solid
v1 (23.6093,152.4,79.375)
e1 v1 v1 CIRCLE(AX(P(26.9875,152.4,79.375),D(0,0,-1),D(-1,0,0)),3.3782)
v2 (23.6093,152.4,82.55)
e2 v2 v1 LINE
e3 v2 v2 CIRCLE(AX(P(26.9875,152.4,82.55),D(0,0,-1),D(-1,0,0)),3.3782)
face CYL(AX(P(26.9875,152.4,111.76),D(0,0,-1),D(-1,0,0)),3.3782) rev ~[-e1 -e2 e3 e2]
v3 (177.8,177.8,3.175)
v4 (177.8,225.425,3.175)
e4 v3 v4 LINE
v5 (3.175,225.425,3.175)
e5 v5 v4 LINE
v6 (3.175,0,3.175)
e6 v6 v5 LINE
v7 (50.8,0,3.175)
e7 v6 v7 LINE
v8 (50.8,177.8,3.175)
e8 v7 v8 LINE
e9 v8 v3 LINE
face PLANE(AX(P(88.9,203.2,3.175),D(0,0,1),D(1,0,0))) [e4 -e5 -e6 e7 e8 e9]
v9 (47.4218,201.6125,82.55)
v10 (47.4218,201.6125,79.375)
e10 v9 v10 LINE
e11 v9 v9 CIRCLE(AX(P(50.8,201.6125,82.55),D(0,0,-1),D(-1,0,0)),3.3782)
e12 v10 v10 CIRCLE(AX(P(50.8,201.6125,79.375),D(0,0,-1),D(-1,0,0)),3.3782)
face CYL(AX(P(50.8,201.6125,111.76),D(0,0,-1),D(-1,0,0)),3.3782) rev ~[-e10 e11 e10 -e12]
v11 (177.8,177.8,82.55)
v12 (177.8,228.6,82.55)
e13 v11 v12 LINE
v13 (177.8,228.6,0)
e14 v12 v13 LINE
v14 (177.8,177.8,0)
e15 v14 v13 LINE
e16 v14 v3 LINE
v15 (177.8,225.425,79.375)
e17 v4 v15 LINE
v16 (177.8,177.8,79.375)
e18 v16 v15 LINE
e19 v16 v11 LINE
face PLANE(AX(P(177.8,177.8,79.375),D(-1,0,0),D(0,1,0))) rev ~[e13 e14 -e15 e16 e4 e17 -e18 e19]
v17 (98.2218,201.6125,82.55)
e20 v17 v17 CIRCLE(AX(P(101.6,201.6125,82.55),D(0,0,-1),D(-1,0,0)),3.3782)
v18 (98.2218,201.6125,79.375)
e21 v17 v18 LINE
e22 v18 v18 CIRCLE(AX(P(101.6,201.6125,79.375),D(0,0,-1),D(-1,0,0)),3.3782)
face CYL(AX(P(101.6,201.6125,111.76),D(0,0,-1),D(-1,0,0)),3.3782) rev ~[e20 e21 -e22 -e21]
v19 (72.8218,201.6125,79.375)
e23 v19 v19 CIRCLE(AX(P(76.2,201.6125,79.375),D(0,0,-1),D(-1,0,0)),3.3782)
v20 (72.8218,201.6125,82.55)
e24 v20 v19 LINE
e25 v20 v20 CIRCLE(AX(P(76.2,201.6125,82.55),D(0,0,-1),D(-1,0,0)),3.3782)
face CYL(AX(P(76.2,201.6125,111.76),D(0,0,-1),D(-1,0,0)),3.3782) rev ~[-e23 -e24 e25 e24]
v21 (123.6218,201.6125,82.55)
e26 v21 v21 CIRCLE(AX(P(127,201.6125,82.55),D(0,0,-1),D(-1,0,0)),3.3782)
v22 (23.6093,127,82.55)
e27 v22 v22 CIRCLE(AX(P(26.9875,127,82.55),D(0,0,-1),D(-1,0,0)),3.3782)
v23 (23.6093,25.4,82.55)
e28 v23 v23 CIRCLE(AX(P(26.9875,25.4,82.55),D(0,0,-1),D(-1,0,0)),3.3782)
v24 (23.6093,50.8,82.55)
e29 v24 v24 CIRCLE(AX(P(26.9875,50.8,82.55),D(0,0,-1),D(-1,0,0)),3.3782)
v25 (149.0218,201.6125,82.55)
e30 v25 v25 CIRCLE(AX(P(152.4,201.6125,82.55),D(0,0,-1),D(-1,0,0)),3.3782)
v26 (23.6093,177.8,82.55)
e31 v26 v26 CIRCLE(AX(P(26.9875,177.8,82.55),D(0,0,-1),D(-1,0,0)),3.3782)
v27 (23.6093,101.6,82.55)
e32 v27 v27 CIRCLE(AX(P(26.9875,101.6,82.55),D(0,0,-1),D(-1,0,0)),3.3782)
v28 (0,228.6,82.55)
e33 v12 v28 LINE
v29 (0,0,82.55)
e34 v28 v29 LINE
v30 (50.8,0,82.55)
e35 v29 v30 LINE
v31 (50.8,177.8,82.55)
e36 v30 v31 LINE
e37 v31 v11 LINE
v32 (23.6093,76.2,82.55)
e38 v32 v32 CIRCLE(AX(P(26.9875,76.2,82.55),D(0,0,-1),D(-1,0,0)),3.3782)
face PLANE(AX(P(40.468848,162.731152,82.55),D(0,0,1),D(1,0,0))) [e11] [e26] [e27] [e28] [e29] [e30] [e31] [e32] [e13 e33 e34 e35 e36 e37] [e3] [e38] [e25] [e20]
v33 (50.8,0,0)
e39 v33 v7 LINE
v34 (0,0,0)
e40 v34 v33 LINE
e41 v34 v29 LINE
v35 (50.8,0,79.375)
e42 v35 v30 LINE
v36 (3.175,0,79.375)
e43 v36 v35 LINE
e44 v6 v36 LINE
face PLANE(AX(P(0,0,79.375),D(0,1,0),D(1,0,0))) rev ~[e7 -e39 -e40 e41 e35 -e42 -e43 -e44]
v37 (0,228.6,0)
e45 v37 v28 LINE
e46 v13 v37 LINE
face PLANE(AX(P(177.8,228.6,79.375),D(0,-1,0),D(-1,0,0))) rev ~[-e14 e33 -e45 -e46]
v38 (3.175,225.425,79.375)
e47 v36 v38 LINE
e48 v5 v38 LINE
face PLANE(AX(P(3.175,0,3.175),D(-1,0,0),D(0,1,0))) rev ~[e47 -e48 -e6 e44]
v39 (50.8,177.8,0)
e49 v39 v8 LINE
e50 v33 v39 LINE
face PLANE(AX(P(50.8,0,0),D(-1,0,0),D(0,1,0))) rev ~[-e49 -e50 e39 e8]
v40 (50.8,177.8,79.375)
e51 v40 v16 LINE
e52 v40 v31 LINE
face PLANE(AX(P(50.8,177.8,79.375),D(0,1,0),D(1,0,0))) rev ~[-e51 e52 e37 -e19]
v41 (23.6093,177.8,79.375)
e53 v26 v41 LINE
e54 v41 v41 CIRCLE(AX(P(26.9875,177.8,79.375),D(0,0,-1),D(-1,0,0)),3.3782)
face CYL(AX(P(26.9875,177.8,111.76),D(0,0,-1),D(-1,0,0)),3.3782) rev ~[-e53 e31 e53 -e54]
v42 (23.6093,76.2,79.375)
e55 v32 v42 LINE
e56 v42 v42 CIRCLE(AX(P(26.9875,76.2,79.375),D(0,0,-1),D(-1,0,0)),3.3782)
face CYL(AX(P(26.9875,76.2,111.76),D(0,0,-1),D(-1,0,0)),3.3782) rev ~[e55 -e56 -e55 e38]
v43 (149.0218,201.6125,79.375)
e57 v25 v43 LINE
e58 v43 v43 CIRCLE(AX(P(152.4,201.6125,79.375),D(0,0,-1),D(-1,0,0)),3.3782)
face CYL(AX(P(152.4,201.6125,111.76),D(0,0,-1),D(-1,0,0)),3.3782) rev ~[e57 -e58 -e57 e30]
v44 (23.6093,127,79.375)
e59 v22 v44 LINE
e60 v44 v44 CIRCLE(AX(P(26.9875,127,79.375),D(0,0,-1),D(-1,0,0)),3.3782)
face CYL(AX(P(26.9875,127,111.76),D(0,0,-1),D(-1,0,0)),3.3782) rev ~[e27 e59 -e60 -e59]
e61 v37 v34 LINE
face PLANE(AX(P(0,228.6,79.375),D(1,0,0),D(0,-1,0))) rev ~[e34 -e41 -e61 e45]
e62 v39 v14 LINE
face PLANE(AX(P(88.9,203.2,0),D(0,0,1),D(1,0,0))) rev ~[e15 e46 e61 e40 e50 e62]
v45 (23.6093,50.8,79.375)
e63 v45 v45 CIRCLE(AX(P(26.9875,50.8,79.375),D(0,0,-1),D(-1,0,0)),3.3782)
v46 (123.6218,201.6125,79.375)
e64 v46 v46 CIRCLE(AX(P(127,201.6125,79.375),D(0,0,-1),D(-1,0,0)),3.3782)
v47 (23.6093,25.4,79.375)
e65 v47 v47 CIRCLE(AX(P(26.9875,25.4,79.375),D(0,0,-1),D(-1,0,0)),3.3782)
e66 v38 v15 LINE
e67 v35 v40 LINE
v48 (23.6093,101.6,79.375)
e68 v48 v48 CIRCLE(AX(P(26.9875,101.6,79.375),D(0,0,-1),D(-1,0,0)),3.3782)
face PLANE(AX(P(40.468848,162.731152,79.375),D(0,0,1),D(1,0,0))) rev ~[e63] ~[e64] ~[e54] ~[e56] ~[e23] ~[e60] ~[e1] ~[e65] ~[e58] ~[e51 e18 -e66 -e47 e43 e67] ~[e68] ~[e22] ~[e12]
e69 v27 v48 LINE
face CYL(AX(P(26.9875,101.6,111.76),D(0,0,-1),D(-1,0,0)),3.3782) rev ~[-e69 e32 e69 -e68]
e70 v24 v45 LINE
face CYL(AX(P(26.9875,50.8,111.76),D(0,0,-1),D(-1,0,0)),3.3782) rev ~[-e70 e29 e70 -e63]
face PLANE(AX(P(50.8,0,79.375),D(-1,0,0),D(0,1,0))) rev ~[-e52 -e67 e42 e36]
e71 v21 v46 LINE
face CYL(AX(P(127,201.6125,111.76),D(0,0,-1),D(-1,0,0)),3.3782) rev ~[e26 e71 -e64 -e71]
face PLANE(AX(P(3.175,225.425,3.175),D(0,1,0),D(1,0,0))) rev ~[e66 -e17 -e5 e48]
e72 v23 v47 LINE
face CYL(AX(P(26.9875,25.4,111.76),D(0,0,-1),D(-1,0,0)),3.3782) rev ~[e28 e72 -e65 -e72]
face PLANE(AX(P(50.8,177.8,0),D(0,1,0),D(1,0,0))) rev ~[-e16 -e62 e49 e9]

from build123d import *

# Parameters (mm, degrees)
F0_W     = 50.8
F0_H     = 177.8
F1_DEPTH = 3.175
F3_DEPTH = 76.2
F5_DEPTH = 3.175
F7_D     = 6.7564
F7_DEPTH = 29.21
F7_TIP   = 2.0298273432


with BuildPart() as f1:
    # F0 (on Top) → F1 (new body)
    with BuildSketch(Plane.XY):
        Polygon((0, 228.6), (0, 177.8), (50.8, 177.8), (177.8, 177.8), (177.8, 228.6), align=None)
        with Locations((25.4, 88.9)):
            Rectangle(F0_W, F0_H)
    extrude(amount=F1_DEPTH)

    # F2 (on face) → F3 (join)
    with BuildSketch(Plane.XY.offset(3.175)):
        Polygon((3.175, 0), (3.175, 225.425), (177.8, 225.425), (177.8, 228.6), (0, 228.6), (0, 0), align=None)
    extrude(amount=F3_DEPTH)

    # F4 (on face) → F5 (join)
    with BuildSketch(Plane.XY.offset(79.375)):
        Polygon((177.8, 228.6), (0, 228.6), (0, 0), (3.175, 0), (3.175, 225.425), (177.8, 225.425), align=None)
        Polygon((177.8, 177.8), (177.8, 225.425), (3.175, 225.425), (3.175, 0), (50.8, 0), (50.8, 177.8), align=None)
    extrude(amount=F5_DEPTH)

    # F7
    with Locations(Plane.XY.offset(82.55)):
        with Locations((26.9875, 25.4), (26.9875, 50.8), (26.9875, 76.2), (26.9875, 101.6), (26.9875, 127), (26.9875, 152.4), (26.9875, 177.8), (50.8, 201.6125), (76.2, 201.6125), (101.6, 201.6125), (127, 201.6125), (152.4, 201.6125)):
            Hole(F7_D / 2, depth=F7_DEPTH)
            with Locations((0, 0, -(F7_DEPTH + F7_TIP / 2))):  # 118° drill point
                Cone(0, F7_D / 2, F7_TIP, mode=Mode.SUBTRACT)


solid = f1.part
